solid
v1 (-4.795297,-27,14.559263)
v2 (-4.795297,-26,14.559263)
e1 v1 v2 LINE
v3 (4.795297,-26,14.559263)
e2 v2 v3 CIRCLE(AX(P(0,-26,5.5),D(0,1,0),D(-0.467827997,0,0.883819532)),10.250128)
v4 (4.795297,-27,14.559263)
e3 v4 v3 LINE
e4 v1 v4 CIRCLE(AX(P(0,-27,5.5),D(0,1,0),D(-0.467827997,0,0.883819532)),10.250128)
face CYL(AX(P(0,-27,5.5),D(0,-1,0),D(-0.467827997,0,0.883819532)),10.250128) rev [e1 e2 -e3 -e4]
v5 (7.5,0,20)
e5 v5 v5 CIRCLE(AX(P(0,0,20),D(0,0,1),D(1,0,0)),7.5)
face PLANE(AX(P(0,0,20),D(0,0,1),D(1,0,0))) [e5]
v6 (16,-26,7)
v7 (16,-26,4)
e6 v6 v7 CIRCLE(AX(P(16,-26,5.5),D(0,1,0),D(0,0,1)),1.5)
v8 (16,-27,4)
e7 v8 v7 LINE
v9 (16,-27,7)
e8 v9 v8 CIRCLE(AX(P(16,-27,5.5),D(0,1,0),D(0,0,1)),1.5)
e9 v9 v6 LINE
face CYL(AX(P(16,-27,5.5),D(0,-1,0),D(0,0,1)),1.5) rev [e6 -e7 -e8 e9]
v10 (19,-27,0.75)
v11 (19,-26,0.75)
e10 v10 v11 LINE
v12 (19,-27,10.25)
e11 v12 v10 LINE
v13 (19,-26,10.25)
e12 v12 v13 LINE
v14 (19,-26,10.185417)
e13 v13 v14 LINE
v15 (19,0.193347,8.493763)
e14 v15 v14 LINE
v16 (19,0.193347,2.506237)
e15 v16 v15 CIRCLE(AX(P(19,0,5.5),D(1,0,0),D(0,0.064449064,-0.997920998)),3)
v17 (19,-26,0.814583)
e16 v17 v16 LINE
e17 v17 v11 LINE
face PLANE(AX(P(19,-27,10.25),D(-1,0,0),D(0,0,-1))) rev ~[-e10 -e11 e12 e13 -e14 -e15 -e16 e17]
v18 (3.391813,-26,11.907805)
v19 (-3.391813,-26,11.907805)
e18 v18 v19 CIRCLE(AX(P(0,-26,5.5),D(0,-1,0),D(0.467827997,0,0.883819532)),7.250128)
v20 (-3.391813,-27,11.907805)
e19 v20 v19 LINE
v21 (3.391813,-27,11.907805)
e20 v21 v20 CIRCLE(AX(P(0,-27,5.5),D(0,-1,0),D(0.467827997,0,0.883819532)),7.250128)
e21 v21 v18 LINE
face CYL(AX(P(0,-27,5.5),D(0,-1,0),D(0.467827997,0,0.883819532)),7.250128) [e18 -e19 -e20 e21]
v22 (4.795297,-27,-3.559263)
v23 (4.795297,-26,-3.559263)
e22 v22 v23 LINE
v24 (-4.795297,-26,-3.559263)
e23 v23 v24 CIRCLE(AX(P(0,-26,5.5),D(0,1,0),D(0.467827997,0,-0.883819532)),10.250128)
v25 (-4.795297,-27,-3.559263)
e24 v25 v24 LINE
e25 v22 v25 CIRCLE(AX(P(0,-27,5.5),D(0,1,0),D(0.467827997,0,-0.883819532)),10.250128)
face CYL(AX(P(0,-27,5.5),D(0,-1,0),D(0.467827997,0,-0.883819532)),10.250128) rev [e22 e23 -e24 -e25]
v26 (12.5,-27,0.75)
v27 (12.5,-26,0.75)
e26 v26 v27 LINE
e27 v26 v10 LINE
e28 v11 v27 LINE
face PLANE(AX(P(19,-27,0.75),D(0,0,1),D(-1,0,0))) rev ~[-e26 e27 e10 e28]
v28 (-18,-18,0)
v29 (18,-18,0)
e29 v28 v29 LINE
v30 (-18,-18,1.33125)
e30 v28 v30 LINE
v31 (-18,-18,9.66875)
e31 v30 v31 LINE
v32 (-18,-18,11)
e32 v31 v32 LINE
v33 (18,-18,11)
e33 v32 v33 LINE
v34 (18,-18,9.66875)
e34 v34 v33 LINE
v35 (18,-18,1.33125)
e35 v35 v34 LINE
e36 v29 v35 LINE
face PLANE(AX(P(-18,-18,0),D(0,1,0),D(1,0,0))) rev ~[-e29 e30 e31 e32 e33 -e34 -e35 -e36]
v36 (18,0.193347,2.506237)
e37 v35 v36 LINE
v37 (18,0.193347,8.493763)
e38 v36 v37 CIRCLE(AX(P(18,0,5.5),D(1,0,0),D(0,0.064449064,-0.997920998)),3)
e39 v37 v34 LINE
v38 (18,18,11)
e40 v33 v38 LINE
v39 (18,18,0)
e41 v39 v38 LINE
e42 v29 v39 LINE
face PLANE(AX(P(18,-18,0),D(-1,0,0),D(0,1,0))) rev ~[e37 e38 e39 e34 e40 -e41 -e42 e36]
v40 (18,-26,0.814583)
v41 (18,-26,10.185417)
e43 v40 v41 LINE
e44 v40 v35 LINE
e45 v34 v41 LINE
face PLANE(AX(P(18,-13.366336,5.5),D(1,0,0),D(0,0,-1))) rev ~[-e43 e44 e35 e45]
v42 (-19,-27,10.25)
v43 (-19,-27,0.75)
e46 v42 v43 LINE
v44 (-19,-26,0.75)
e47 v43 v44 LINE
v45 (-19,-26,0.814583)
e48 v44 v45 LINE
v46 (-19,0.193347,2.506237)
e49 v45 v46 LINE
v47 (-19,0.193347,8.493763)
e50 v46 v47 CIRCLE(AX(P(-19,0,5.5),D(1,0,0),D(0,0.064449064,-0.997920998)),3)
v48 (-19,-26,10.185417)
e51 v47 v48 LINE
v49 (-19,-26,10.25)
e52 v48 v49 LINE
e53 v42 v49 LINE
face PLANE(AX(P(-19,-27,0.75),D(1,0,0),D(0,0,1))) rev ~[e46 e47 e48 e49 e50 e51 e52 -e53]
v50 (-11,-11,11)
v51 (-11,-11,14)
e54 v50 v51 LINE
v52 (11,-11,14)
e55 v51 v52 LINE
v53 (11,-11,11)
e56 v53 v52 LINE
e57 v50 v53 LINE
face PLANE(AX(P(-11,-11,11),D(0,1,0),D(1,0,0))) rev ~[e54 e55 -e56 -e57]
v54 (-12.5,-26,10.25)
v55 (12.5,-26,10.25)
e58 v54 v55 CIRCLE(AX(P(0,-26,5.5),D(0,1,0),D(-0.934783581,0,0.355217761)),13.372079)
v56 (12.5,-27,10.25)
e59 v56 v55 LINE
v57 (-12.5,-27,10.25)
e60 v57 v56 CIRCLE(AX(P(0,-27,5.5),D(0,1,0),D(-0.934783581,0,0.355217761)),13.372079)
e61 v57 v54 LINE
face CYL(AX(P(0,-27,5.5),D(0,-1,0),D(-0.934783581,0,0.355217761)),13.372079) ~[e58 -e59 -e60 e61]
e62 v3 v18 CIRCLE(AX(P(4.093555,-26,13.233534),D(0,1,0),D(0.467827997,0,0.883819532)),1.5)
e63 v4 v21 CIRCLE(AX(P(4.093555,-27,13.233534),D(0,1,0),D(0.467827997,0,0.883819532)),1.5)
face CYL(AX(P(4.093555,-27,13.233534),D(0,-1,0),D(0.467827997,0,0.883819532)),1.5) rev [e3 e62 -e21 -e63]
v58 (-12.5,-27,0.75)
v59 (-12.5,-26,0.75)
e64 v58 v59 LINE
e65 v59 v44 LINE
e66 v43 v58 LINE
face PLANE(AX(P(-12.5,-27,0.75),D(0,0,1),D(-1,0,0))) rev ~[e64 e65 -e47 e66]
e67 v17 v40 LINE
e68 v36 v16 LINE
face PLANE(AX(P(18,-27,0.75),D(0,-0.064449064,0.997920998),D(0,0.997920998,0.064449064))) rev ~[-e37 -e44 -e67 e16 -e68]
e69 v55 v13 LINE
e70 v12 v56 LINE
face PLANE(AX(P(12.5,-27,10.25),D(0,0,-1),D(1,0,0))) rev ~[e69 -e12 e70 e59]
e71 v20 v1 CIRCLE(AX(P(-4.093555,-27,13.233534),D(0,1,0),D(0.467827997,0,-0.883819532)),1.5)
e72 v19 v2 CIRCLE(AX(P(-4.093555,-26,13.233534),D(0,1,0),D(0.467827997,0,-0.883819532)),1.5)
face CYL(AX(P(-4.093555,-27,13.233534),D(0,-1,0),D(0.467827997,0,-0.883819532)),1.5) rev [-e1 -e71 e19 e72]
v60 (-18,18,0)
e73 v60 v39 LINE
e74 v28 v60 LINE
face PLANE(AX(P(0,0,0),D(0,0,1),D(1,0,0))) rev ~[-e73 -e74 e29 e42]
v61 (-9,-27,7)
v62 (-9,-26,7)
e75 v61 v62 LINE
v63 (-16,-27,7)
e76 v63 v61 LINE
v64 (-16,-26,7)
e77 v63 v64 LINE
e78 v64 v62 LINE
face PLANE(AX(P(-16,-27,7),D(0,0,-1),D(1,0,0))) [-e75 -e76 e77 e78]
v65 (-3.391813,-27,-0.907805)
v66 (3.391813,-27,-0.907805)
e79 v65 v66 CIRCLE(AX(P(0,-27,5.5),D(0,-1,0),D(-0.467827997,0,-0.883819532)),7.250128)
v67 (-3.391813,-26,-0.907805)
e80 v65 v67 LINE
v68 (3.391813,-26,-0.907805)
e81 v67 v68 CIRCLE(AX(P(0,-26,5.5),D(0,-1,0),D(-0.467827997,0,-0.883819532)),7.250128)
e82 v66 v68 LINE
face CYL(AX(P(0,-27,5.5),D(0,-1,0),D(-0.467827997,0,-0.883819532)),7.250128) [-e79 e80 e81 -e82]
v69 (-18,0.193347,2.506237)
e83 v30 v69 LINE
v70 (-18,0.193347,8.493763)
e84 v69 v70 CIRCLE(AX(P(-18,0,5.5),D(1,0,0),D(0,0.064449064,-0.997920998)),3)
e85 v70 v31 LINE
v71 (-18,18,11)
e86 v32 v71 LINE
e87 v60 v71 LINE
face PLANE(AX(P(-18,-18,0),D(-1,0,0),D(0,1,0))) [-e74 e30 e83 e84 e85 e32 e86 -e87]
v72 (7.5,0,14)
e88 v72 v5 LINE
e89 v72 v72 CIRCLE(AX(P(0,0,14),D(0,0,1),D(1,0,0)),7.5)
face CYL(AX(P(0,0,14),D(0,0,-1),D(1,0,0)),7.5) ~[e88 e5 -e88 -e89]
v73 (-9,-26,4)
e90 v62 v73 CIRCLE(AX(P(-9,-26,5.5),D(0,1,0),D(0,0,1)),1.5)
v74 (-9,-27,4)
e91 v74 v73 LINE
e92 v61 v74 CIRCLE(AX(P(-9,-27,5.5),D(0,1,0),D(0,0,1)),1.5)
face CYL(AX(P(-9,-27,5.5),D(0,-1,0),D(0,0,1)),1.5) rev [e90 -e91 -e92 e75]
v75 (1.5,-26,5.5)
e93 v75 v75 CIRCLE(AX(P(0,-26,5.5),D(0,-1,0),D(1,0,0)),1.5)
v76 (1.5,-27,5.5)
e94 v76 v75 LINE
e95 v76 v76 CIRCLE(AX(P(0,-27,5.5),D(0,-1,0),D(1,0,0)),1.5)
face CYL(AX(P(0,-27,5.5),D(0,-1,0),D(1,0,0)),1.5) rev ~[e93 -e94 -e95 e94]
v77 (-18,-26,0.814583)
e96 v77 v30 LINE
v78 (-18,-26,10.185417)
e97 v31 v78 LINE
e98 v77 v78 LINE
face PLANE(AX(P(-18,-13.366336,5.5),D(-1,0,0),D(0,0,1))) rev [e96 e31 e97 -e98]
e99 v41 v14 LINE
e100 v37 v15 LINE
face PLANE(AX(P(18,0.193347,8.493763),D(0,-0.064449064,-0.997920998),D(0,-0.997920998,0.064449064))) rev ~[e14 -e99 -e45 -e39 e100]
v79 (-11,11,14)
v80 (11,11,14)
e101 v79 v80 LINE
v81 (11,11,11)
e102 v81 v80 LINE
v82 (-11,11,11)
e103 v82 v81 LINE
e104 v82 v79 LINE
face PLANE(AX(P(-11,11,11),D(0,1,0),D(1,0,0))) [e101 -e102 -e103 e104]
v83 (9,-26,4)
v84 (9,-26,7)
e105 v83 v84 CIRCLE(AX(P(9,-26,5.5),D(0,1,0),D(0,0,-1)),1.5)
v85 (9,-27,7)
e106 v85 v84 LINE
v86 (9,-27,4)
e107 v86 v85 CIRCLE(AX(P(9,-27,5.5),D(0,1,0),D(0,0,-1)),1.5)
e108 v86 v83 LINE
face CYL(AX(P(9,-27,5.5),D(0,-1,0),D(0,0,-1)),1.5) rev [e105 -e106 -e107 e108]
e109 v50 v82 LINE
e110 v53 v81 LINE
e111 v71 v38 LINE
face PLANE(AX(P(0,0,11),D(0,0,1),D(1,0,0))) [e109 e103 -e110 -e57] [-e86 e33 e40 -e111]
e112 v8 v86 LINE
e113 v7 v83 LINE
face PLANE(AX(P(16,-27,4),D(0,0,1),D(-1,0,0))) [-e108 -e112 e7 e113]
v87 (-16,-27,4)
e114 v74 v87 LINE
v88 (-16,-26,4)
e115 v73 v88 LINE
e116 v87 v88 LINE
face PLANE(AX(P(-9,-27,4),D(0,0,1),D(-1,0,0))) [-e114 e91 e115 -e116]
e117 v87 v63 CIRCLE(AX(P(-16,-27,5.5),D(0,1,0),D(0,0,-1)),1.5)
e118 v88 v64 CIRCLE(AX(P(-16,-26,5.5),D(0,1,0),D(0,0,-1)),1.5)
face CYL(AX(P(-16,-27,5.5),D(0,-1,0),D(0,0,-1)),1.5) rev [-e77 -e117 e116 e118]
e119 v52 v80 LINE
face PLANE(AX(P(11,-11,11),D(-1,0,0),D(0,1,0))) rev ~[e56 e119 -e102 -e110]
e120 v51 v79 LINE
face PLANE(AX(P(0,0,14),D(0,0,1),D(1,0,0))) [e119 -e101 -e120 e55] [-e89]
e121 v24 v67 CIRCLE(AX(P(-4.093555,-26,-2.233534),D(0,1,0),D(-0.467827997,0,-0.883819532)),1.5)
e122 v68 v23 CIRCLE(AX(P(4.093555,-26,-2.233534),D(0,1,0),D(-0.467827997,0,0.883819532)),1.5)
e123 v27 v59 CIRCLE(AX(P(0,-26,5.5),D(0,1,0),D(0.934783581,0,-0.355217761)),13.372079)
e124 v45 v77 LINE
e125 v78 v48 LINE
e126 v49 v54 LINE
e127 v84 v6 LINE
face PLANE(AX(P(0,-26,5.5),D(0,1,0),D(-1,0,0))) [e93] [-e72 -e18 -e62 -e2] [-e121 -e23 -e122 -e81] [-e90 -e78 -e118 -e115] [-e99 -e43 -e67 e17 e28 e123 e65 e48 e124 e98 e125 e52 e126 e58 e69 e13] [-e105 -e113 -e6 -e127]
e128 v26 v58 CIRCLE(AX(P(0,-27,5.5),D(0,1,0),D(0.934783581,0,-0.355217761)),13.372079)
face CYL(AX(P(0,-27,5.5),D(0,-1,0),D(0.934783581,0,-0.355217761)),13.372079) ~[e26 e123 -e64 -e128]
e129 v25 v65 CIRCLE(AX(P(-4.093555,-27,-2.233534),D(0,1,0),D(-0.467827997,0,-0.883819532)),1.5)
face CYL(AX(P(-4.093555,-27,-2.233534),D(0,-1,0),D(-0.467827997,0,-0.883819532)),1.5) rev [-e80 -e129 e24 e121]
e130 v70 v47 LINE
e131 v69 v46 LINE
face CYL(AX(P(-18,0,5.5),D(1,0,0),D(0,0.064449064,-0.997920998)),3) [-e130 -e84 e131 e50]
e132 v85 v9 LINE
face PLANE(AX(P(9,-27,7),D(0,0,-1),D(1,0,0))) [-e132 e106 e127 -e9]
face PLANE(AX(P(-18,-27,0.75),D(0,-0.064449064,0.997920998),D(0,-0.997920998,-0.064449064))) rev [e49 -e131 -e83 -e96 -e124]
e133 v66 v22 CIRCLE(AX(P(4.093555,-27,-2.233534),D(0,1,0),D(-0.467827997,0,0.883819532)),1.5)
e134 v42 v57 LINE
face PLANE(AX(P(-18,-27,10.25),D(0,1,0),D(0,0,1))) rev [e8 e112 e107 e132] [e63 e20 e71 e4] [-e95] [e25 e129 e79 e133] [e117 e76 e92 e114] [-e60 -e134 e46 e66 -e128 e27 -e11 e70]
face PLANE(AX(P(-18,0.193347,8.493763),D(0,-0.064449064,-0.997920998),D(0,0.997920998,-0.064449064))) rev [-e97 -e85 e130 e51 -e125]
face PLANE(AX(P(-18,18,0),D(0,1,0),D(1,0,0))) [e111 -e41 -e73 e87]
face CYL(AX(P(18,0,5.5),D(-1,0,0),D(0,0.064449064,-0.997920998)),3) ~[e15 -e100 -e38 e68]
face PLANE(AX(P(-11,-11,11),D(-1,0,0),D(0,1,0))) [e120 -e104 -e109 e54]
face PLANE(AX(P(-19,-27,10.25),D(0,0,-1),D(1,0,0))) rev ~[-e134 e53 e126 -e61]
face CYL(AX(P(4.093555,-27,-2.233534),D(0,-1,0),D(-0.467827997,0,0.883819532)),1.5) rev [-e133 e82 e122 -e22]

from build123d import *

# Parameters (mm, degrees)
SKETCH_1_W          = 36
SKETCH_1_H          = 36
EXTRUDE_1_DEPTH     = 11
SKETCH_2_W          = 22
SKETCH_2_H          = 22
EXTRUDE_2_DEPTH     = 3
SKETCH_3_R          = 7.5
EXTRUDE_3_DEPTH     = 6
EXTRUDE_4_DEPTH     = 1
EXTRUDE_5_DEPTH     = 1
SKETCH_6_R          = 1.5
CUT_EXTRUDE_1_DEPTH = 1


with BuildPart() as part:
    # 草图1 → 凸台-拉伸1 (new body)
    with BuildSketch(Plane.XY):
        Rectangle(SKETCH_1_W, SKETCH_1_H)
    extrude(amount=EXTRUDE_1_DEPTH)

    # 草图2 → 凸台-拉伸2 (add)
    with BuildSketch(Plane.XY.offset(11)):
        Rectangle(SKETCH_2_W, SKETCH_2_H)
    extrude(amount=EXTRUDE_2_DEPTH)

    # 草图3 → 凸台-拉伸3 (add)
    with BuildSketch(Plane.XY.offset(14)):
        Circle(SKETCH_3_R)
    extrude(amount=EXTRUDE_3_DEPTH)

    # 草图4 → 凸台-拉伸4 (add)
    with BuildSketch(Plane(origin=(18, 0, 0), x_dir=(0, 0, -1), z_dir=(1, 0, 0))):
        with BuildLine():
            Line((-8.493762994, 0.193347193), (-10.25, -27))
            Line((-10.25, -27), (-0.75, -27))
            Line((-0.75, -27), (-2.506237006, 0.193347193))
            ThreePointArc((-2.506237006, 0.193347193), (-5.5, 3), (-8.493762994, 0.193347193))
        make_face()
    extrude_4 = extrude(amount=EXTRUDE_4_DEPTH)

    # 镜向1: 凸台-拉伸4 across plane
    add(extrude_4.mirror(Plane(origin=(0, 0, 0), x_dir=(0, 0, 1), z_dir=(1, 0, 0))))

    # 草图5 → 凸台-拉伸5 (add)
    with BuildSketch(Plane.XZ.offset(27)):
        with BuildLine():
            Line((-19, 10.25), (-12.5, 10.25))
            ThreePointArc((-12.5, 10.25), (0, 18.87207912), (12.5, 10.25))
            Line((12.5, 10.25), (19, 10.25))
            Line((19, 10.25), (19, 0.75))
            Line((19, 0.75), (12.5, 0.75))
            ThreePointArc((12.5, 0.75), (0, -7.87207912), (-12.5, 0.75))
            Line((-12.5, 0.75), (-19, 0.75))
            Line((-19, 0.75), (-19, 10.25))
        make_face()
    extrude(amount=-EXTRUDE_5_DEPTH)

    # 草图6 → 切除-拉伸1 (cut)
    with BuildSketch(Plane.XZ.offset(27)):
        with Locations((0, 5.5)):
            Circle(SKETCH_6_R)
        with BuildLine():
            Line((-16, 7), (-9, 7))
            ThreePointArc((-9, 7), (-7.5, 5.5), (-9, 4))
            Line((-9, 4), (-16, 4))
            ThreePointArc((-16, 4), (-17.5, 5.5), (-16, 7))
        make_face()
        with BuildLine():
            Line((9, 7), (16, 7))
            ThreePointArc((16, 7), (17.5, 5.5), (16, 4))
            Line((16, 4), (9, 4))
            ThreePointArc((9, 4), (7.5, 5.5), (9, 7))
        make_face()
        with BuildLine():
            ThreePointArc((-4.79529689, 14.55926341), (0, 15.750128087), (4.79529689, 14.55926341))
            ThreePointArc((4.79529689, 14.55926341), (5.419284193, 12.531792117), (3.3918129, 11.907804814))
            ThreePointArc((3.3918129, 11.907804814), (0, 12.750128087), (-3.3918129, 11.907804814))
            ThreePointArc((-3.3918129, 11.907804814), (-5.419284193, 12.531792117), (-4.79529689, 14.55926341))
        make_face()
        with BuildLine():
            ThreePointArc((-4.79529689, -3.55926341), (-5.419284193, -1.531792117), (-3.3918129, -0.907804814))
            ThreePointArc((-3.3918129, -0.907804814), (0, -1.750128087), (3.3918129, -0.907804814))
            ThreePointArc((3.3918129, -0.907804814), (5.419284193, -1.531792117), (4.79529689, -3.55926341))
            ThreePointArc((4.79529689, -3.55926341), (0, -4.750128087), (-4.79529689, -3.55926341))
        make_face()
    extrude(amount=-CUT_EXTRUDE_1_DEPTH, mode=Mode.SUBTRACT)


solid = part.part
